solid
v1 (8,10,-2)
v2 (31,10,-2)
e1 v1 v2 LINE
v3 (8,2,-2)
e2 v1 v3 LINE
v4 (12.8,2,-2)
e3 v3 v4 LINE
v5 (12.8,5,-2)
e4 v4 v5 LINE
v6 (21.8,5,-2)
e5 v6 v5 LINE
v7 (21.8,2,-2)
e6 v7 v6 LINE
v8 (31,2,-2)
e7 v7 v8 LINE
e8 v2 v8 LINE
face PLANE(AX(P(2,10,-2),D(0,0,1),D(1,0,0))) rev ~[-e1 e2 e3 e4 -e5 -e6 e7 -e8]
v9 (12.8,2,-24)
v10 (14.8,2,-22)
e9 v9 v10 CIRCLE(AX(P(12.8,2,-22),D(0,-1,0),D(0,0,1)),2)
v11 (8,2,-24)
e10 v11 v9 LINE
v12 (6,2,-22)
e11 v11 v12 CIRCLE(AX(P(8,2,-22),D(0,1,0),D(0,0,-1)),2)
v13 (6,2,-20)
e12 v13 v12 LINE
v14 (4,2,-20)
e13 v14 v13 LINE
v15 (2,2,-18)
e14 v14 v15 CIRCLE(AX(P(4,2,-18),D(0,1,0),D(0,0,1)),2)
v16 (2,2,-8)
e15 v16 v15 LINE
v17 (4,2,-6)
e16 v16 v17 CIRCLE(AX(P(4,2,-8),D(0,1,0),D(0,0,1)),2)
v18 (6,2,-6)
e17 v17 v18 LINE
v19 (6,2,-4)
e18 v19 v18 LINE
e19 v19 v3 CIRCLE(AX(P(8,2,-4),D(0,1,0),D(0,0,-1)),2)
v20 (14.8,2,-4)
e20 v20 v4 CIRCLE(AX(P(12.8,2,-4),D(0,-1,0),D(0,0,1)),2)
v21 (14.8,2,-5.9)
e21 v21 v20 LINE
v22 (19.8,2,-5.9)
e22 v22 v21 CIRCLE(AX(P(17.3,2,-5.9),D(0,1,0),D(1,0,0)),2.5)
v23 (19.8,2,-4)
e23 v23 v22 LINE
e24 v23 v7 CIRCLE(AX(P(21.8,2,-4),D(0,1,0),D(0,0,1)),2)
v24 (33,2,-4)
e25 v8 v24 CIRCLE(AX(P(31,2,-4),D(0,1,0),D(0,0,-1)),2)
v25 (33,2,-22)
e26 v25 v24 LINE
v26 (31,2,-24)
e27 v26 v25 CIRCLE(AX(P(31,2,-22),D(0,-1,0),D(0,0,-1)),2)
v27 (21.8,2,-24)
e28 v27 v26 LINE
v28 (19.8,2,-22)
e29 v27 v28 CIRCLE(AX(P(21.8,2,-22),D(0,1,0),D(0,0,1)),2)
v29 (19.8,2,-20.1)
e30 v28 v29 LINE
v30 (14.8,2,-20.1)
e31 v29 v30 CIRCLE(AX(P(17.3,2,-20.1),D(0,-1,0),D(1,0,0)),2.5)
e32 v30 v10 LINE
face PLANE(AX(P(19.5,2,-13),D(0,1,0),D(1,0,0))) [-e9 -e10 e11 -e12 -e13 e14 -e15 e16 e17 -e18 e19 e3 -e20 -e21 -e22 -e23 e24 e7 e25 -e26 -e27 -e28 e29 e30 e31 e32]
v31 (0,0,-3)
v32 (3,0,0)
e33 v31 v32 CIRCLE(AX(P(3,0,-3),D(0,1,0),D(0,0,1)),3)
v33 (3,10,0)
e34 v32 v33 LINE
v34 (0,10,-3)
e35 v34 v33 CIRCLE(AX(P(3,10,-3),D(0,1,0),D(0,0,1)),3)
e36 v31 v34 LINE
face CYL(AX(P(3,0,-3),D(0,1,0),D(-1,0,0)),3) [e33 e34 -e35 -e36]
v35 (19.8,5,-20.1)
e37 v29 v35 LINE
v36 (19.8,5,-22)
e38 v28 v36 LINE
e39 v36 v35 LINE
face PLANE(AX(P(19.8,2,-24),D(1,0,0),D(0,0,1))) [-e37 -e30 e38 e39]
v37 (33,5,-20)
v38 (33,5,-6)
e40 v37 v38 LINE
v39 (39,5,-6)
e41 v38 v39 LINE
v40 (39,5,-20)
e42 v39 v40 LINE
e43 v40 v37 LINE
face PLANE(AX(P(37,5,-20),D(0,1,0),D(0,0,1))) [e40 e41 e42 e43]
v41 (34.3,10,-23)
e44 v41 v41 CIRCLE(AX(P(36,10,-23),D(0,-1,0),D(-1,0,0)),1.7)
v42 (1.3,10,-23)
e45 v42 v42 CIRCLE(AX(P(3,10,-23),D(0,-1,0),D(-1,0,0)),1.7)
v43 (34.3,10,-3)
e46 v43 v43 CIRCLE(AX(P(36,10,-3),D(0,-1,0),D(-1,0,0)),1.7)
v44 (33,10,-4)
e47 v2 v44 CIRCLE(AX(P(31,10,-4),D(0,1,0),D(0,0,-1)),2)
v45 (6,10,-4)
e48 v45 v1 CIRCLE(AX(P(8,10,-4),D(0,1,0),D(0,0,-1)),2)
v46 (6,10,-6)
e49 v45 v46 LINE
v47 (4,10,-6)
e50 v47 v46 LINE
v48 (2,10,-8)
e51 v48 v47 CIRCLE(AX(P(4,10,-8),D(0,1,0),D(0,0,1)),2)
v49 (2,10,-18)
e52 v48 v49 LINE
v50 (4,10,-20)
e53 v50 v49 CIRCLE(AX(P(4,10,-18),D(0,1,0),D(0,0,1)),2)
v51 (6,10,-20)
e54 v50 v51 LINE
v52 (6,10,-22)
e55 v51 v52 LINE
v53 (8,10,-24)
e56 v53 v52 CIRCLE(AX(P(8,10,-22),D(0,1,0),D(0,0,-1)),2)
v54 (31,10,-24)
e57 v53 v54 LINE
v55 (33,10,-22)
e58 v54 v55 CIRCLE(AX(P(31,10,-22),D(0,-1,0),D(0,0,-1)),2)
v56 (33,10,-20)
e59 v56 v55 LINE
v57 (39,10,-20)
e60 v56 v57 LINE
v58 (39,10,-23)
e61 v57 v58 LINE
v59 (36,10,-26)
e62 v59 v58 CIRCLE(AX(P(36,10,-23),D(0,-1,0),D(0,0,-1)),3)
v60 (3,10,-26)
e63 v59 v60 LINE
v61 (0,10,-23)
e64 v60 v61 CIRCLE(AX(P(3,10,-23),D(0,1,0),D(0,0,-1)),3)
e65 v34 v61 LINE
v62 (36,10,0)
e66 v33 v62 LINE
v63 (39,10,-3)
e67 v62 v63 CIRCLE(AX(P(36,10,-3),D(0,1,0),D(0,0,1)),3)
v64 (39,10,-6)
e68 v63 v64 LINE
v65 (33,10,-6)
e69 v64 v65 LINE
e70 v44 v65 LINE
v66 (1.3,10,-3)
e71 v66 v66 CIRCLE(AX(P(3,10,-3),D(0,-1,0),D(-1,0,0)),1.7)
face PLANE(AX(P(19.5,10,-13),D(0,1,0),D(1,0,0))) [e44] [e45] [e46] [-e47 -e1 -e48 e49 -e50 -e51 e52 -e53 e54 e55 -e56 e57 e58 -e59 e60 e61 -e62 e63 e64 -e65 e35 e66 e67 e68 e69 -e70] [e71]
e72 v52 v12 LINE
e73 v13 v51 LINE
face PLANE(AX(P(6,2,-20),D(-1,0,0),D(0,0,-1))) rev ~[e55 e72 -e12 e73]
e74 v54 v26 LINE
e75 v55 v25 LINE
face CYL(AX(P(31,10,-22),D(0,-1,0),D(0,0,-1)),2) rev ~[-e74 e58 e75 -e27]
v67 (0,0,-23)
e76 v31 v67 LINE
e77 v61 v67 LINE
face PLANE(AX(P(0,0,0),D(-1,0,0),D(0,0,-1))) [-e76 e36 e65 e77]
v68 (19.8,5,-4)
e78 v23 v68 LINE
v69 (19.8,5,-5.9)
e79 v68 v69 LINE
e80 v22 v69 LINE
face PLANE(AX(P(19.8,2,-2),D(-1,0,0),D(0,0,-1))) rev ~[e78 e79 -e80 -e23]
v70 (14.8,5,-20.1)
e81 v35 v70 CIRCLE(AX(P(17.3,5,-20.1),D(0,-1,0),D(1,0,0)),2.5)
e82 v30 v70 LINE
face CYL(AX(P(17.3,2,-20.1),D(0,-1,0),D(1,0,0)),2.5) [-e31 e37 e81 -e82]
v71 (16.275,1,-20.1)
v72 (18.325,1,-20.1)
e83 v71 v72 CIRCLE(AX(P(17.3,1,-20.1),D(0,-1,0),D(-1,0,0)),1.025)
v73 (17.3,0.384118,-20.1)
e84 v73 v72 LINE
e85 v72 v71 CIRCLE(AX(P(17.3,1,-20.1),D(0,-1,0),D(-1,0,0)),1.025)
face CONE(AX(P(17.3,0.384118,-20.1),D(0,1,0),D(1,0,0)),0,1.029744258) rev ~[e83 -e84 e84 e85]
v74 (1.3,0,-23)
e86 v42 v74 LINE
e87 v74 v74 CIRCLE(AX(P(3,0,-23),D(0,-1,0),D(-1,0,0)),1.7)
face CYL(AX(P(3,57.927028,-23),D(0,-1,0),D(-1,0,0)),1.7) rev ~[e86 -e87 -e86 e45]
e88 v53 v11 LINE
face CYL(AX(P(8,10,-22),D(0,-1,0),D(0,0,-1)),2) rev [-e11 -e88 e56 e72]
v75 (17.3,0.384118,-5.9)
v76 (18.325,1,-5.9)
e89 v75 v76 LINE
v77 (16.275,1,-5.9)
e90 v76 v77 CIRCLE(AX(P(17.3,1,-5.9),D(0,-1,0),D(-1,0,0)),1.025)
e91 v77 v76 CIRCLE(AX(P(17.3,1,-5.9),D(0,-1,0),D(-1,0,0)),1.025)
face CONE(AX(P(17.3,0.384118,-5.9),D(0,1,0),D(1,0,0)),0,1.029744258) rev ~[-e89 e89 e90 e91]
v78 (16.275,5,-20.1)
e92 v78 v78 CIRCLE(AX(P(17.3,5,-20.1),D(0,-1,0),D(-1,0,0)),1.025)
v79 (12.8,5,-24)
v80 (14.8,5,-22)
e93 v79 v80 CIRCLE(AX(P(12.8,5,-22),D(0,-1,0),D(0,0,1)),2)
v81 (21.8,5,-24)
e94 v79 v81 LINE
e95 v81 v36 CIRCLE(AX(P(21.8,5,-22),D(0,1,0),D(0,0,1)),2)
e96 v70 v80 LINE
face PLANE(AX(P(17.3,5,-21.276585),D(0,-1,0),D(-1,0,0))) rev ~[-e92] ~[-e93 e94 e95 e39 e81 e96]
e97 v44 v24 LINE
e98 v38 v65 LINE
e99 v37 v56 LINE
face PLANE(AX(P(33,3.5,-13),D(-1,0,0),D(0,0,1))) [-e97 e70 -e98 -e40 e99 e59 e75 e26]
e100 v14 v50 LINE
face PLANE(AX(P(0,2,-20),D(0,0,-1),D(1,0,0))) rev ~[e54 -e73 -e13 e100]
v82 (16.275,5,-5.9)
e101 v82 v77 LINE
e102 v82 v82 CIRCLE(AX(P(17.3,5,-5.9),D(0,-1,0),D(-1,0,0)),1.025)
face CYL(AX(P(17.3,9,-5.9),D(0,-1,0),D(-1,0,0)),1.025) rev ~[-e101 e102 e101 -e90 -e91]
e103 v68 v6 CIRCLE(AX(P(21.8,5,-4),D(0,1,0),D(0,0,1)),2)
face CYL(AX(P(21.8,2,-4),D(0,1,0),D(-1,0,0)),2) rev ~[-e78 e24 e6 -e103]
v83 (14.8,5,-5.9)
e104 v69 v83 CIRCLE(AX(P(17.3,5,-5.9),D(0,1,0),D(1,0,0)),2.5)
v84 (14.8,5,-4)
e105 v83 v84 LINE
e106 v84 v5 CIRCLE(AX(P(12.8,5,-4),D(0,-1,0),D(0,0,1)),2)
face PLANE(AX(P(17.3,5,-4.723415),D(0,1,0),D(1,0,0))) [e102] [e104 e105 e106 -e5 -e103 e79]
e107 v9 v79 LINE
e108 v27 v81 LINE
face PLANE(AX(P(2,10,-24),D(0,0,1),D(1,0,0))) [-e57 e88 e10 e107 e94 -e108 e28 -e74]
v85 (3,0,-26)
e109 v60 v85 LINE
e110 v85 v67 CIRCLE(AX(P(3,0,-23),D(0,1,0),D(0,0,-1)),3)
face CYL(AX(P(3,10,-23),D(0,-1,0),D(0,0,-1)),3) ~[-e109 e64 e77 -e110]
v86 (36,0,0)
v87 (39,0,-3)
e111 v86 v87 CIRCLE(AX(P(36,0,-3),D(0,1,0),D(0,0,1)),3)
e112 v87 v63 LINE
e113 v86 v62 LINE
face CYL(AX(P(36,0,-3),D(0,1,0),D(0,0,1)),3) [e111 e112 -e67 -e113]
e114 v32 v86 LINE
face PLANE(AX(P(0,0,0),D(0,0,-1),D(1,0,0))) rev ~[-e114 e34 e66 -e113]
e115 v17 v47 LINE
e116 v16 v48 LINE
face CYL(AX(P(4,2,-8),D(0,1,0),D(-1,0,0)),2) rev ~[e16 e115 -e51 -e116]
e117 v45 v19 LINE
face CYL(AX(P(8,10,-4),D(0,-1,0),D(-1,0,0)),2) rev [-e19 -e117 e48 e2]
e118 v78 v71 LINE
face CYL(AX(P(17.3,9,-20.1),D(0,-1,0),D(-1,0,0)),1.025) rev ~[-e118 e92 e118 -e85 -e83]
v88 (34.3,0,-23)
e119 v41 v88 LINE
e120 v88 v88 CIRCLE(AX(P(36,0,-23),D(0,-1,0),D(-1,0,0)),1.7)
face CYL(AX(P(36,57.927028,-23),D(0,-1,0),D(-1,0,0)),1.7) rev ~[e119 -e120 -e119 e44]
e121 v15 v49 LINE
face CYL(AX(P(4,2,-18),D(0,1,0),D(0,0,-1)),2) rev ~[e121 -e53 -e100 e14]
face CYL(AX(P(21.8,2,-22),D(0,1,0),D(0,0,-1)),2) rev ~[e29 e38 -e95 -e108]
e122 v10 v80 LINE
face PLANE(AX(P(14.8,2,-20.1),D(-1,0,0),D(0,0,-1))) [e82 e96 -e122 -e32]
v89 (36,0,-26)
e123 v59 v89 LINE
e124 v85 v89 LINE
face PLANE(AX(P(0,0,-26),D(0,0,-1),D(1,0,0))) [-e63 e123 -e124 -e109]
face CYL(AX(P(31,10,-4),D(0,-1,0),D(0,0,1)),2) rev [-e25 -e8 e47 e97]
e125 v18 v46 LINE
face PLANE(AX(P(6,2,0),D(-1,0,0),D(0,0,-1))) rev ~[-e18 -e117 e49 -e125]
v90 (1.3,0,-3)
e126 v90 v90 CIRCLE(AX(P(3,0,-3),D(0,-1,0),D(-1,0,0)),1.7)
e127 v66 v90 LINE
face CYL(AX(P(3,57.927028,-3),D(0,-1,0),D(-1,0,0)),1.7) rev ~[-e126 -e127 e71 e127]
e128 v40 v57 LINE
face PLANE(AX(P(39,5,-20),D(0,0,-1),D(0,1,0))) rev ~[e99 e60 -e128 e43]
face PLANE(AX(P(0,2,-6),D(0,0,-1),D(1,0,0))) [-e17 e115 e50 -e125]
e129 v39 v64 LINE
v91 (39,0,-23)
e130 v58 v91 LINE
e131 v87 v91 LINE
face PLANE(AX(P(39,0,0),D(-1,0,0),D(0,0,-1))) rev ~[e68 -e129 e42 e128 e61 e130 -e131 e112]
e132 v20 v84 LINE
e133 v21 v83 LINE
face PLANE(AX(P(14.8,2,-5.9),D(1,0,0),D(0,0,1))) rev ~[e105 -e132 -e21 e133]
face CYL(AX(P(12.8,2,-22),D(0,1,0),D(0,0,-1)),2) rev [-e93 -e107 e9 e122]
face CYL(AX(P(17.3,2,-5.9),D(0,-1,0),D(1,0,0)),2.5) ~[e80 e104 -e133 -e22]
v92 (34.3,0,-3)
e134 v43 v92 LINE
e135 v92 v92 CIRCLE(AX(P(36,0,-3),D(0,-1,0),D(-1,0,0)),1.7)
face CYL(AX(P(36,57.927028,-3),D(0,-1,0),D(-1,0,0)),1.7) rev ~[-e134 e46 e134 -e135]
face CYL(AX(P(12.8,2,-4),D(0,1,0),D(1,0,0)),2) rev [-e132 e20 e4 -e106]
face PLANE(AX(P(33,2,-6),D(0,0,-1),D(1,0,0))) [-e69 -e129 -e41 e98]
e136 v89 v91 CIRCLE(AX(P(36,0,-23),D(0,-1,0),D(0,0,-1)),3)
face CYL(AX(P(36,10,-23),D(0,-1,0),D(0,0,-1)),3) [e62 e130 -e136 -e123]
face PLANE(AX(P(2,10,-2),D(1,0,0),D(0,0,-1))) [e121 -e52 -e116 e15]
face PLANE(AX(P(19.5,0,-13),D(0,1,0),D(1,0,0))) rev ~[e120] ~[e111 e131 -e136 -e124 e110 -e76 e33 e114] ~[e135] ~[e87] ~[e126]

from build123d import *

# Parameters (mm, degrees)
SKETCH_1_W          = 39
SKETCH_1_H          = 26
EXTRUDE_1_DEPTH     = 10
SKETCH_2_W          = 35
SKETCH_2_H          = 22
CUT_EXTRUDE_1_DEPTH = 8
EXTRUDE_2_DEPTH     = 3
M2_5X0_451_D        = 2.05
M2_5X0_451_DEPTH    = 4
M2_5X0_451_TIP      = 0.615882135
SKETCH_6_W          = 6
SKETCH_6_H          = 6
EXTRUDE_3_DEPTH     = 8
HOLE_WIZARD_M32_D   = 3.4
CUT_EXTRUDE_2_REACH = 49.927
SKETCH_14_W         = 14
SKETCH_14_H         = 5
SKETCH_15_W         = 14
SKETCH_15_H         = 3
EXTRUDE_4_DEPTH     = 4
FILLET_1_R          = 2
FILLET_2_R          = 3


with BuildPart() as part:
    # Эскиз1 → Бобышка-Вытянуть1 (new body)
    with BuildSketch(Plane(origin=(0, 0, 0), x_dir=(1, 0, 0), z_dir=(0, 1, 0))):
        with Locations((19.5, 13)):
            Rectangle(SKETCH_1_W, SKETCH_1_H)
    extrude(amount=EXTRUDE_1_DEPTH)

    # Эскиз2 → Вырез-Вытянуть1 (cut)
    with BuildSketch(Plane(origin=(0, 10, 0), x_dir=(1, 0, 0), z_dir=(0, 1, 0))):
        with Locations((19.5, 13)):
            Rectangle(SKETCH_2_W, SKETCH_2_H)
    extrude(amount=-CUT_EXTRUDE_1_DEPTH, mode=Mode.SUBTRACT)

    # Эскиз3 → Бобышка-Вытянуть2 (add)
    with BuildSketch(Plane(origin=(0, 2, 0), x_dir=(1, 0, 0), z_dir=(0, 1, 0))):
        with BuildLine():
            Line((14.8, 20.1), (14.8, 24))
            Line((14.8, 24), (19.8, 24))
            Line((19.8, 24), (19.8, 20.1))
            ThreePointArc((19.8, 20.1), (17.3, 17.6), (14.8, 20.1))
        make_face()
        with BuildLine():
            Line((19.8, 2), (19.8, 5.9))
            ThreePointArc((19.8, 5.9), (17.3, 8.4), (14.8, 5.9))
            Line((14.8, 5.9), (14.8, 2))
            Line((14.8, 2), (19.8, 2))
        make_face()
    extrude(amount=EXTRUDE_2_DEPTH)

    # Отверстие обработанное метчиком M2.5x0.451
    with Locations(Plane(origin=(0, 5, 0), x_dir=(1, 0, 0), z_dir=(0, 1, 0))):
        with Locations((17.3, 20.1), (17.3, 5.9)):
            Hole(M2_5X0_451_D / 2, depth=M2_5X0_451_DEPTH)
            with Locations((0, 0, -(M2_5X0_451_DEPTH + M2_5X0_451_TIP / 2))):  # 118° drill point
                Cone(0, M2_5X0_451_D / 2, M2_5X0_451_TIP, mode=Mode.SUBTRACT)

    # Эскиз6 → Бобышка-Вытянуть3 (add, through all)
    with BuildSketch(Plane(origin=(0, 2, 0), x_dir=(1, 0, 0), z_dir=(0, 1, 0))):
        with Locations((3, 3)):
            Rectangle(SKETCH_6_W, SKETCH_6_H)
        with Locations((36, 23)):
            Rectangle(SKETCH_6_W, SKETCH_6_H)
        with Locations((36, 3)):
            Rectangle(SKETCH_6_W, SKETCH_6_H)
        with Locations((3, 23)):
            Rectangle(SKETCH_6_W, SKETCH_6_H)
    extrude(amount=EXTRUDE_3_DEPTH)

    # Отверстие с зазором M32 (through all)
    with Locations(Plane(origin=(0, 10, 0), x_dir=(1, 0, 0), z_dir=(0, 1, 0))):
        with Locations((3, 23), (36, 23), (36, 3), (3, 3)):
            Hole(HOLE_WIZARD_M32_D / 2)

    # Эскиз14 → Вырез-Вытянуть2 (cut, up to next)
    with BuildSketch(Plane(origin=(39, 0, 0), x_dir=(0, 0, -1), z_dir=(1, 0, 0)), mode=Mode.PRIVATE) as cut_extrude_2_sk1:
        with Locations((13, 7.5)):
            Rectangle(SKETCH_14_W, SKETCH_14_H)
    cut_extrude_2_tool1 = extrude(cut_extrude_2_sk1.sketch, amount=-CUT_EXTRUDE_2_REACH, mode=Mode.PRIVATE) & part.part
    add(cut_extrude_2_tool1.solids().sort_by_distance((39, 7.5, -13))[0], mode=Mode.SUBTRACT)

    # Эскиз15 → Бобышка-Вытянуть4 (add)
    with BuildSketch(Plane.ZY.offset(-37)):
        with Locations((-13, 3.5)):
            Rectangle(SKETCH_15_W, SKETCH_15_H)
    extrude(amount=EXTRUDE_4_DEPTH)

    # Скругление1
    fillet_1_edges = [part.edges().sort_by_distance(p)[0] for p in [
        (33, 6, -2),
        (2, 6, -20),
        (6, 6, -24),
        (19.8, 3.5, -24),
        (14.8, 3.5, -24),
        (14.8, 3.5, -2),
        (19.8, 3.5, -2),
        (2, 6, -6),
        (6, 6, -2),
        (33, 6, -24),
    ]]
    fillet(fillet_1_edges, radius=FILLET_1_R)

    # Скругление2
    fillet_2_edges = [part.edges().sort_by_distance(p)[0] for p in [
        (0, 5, -26),
        (39, 5, -26),
        (39, 5, 0),
        (0, 5, 0),
    ]]
    fillet(fillet_2_edges, radius=FILLET_2_R)


solid = part.part
